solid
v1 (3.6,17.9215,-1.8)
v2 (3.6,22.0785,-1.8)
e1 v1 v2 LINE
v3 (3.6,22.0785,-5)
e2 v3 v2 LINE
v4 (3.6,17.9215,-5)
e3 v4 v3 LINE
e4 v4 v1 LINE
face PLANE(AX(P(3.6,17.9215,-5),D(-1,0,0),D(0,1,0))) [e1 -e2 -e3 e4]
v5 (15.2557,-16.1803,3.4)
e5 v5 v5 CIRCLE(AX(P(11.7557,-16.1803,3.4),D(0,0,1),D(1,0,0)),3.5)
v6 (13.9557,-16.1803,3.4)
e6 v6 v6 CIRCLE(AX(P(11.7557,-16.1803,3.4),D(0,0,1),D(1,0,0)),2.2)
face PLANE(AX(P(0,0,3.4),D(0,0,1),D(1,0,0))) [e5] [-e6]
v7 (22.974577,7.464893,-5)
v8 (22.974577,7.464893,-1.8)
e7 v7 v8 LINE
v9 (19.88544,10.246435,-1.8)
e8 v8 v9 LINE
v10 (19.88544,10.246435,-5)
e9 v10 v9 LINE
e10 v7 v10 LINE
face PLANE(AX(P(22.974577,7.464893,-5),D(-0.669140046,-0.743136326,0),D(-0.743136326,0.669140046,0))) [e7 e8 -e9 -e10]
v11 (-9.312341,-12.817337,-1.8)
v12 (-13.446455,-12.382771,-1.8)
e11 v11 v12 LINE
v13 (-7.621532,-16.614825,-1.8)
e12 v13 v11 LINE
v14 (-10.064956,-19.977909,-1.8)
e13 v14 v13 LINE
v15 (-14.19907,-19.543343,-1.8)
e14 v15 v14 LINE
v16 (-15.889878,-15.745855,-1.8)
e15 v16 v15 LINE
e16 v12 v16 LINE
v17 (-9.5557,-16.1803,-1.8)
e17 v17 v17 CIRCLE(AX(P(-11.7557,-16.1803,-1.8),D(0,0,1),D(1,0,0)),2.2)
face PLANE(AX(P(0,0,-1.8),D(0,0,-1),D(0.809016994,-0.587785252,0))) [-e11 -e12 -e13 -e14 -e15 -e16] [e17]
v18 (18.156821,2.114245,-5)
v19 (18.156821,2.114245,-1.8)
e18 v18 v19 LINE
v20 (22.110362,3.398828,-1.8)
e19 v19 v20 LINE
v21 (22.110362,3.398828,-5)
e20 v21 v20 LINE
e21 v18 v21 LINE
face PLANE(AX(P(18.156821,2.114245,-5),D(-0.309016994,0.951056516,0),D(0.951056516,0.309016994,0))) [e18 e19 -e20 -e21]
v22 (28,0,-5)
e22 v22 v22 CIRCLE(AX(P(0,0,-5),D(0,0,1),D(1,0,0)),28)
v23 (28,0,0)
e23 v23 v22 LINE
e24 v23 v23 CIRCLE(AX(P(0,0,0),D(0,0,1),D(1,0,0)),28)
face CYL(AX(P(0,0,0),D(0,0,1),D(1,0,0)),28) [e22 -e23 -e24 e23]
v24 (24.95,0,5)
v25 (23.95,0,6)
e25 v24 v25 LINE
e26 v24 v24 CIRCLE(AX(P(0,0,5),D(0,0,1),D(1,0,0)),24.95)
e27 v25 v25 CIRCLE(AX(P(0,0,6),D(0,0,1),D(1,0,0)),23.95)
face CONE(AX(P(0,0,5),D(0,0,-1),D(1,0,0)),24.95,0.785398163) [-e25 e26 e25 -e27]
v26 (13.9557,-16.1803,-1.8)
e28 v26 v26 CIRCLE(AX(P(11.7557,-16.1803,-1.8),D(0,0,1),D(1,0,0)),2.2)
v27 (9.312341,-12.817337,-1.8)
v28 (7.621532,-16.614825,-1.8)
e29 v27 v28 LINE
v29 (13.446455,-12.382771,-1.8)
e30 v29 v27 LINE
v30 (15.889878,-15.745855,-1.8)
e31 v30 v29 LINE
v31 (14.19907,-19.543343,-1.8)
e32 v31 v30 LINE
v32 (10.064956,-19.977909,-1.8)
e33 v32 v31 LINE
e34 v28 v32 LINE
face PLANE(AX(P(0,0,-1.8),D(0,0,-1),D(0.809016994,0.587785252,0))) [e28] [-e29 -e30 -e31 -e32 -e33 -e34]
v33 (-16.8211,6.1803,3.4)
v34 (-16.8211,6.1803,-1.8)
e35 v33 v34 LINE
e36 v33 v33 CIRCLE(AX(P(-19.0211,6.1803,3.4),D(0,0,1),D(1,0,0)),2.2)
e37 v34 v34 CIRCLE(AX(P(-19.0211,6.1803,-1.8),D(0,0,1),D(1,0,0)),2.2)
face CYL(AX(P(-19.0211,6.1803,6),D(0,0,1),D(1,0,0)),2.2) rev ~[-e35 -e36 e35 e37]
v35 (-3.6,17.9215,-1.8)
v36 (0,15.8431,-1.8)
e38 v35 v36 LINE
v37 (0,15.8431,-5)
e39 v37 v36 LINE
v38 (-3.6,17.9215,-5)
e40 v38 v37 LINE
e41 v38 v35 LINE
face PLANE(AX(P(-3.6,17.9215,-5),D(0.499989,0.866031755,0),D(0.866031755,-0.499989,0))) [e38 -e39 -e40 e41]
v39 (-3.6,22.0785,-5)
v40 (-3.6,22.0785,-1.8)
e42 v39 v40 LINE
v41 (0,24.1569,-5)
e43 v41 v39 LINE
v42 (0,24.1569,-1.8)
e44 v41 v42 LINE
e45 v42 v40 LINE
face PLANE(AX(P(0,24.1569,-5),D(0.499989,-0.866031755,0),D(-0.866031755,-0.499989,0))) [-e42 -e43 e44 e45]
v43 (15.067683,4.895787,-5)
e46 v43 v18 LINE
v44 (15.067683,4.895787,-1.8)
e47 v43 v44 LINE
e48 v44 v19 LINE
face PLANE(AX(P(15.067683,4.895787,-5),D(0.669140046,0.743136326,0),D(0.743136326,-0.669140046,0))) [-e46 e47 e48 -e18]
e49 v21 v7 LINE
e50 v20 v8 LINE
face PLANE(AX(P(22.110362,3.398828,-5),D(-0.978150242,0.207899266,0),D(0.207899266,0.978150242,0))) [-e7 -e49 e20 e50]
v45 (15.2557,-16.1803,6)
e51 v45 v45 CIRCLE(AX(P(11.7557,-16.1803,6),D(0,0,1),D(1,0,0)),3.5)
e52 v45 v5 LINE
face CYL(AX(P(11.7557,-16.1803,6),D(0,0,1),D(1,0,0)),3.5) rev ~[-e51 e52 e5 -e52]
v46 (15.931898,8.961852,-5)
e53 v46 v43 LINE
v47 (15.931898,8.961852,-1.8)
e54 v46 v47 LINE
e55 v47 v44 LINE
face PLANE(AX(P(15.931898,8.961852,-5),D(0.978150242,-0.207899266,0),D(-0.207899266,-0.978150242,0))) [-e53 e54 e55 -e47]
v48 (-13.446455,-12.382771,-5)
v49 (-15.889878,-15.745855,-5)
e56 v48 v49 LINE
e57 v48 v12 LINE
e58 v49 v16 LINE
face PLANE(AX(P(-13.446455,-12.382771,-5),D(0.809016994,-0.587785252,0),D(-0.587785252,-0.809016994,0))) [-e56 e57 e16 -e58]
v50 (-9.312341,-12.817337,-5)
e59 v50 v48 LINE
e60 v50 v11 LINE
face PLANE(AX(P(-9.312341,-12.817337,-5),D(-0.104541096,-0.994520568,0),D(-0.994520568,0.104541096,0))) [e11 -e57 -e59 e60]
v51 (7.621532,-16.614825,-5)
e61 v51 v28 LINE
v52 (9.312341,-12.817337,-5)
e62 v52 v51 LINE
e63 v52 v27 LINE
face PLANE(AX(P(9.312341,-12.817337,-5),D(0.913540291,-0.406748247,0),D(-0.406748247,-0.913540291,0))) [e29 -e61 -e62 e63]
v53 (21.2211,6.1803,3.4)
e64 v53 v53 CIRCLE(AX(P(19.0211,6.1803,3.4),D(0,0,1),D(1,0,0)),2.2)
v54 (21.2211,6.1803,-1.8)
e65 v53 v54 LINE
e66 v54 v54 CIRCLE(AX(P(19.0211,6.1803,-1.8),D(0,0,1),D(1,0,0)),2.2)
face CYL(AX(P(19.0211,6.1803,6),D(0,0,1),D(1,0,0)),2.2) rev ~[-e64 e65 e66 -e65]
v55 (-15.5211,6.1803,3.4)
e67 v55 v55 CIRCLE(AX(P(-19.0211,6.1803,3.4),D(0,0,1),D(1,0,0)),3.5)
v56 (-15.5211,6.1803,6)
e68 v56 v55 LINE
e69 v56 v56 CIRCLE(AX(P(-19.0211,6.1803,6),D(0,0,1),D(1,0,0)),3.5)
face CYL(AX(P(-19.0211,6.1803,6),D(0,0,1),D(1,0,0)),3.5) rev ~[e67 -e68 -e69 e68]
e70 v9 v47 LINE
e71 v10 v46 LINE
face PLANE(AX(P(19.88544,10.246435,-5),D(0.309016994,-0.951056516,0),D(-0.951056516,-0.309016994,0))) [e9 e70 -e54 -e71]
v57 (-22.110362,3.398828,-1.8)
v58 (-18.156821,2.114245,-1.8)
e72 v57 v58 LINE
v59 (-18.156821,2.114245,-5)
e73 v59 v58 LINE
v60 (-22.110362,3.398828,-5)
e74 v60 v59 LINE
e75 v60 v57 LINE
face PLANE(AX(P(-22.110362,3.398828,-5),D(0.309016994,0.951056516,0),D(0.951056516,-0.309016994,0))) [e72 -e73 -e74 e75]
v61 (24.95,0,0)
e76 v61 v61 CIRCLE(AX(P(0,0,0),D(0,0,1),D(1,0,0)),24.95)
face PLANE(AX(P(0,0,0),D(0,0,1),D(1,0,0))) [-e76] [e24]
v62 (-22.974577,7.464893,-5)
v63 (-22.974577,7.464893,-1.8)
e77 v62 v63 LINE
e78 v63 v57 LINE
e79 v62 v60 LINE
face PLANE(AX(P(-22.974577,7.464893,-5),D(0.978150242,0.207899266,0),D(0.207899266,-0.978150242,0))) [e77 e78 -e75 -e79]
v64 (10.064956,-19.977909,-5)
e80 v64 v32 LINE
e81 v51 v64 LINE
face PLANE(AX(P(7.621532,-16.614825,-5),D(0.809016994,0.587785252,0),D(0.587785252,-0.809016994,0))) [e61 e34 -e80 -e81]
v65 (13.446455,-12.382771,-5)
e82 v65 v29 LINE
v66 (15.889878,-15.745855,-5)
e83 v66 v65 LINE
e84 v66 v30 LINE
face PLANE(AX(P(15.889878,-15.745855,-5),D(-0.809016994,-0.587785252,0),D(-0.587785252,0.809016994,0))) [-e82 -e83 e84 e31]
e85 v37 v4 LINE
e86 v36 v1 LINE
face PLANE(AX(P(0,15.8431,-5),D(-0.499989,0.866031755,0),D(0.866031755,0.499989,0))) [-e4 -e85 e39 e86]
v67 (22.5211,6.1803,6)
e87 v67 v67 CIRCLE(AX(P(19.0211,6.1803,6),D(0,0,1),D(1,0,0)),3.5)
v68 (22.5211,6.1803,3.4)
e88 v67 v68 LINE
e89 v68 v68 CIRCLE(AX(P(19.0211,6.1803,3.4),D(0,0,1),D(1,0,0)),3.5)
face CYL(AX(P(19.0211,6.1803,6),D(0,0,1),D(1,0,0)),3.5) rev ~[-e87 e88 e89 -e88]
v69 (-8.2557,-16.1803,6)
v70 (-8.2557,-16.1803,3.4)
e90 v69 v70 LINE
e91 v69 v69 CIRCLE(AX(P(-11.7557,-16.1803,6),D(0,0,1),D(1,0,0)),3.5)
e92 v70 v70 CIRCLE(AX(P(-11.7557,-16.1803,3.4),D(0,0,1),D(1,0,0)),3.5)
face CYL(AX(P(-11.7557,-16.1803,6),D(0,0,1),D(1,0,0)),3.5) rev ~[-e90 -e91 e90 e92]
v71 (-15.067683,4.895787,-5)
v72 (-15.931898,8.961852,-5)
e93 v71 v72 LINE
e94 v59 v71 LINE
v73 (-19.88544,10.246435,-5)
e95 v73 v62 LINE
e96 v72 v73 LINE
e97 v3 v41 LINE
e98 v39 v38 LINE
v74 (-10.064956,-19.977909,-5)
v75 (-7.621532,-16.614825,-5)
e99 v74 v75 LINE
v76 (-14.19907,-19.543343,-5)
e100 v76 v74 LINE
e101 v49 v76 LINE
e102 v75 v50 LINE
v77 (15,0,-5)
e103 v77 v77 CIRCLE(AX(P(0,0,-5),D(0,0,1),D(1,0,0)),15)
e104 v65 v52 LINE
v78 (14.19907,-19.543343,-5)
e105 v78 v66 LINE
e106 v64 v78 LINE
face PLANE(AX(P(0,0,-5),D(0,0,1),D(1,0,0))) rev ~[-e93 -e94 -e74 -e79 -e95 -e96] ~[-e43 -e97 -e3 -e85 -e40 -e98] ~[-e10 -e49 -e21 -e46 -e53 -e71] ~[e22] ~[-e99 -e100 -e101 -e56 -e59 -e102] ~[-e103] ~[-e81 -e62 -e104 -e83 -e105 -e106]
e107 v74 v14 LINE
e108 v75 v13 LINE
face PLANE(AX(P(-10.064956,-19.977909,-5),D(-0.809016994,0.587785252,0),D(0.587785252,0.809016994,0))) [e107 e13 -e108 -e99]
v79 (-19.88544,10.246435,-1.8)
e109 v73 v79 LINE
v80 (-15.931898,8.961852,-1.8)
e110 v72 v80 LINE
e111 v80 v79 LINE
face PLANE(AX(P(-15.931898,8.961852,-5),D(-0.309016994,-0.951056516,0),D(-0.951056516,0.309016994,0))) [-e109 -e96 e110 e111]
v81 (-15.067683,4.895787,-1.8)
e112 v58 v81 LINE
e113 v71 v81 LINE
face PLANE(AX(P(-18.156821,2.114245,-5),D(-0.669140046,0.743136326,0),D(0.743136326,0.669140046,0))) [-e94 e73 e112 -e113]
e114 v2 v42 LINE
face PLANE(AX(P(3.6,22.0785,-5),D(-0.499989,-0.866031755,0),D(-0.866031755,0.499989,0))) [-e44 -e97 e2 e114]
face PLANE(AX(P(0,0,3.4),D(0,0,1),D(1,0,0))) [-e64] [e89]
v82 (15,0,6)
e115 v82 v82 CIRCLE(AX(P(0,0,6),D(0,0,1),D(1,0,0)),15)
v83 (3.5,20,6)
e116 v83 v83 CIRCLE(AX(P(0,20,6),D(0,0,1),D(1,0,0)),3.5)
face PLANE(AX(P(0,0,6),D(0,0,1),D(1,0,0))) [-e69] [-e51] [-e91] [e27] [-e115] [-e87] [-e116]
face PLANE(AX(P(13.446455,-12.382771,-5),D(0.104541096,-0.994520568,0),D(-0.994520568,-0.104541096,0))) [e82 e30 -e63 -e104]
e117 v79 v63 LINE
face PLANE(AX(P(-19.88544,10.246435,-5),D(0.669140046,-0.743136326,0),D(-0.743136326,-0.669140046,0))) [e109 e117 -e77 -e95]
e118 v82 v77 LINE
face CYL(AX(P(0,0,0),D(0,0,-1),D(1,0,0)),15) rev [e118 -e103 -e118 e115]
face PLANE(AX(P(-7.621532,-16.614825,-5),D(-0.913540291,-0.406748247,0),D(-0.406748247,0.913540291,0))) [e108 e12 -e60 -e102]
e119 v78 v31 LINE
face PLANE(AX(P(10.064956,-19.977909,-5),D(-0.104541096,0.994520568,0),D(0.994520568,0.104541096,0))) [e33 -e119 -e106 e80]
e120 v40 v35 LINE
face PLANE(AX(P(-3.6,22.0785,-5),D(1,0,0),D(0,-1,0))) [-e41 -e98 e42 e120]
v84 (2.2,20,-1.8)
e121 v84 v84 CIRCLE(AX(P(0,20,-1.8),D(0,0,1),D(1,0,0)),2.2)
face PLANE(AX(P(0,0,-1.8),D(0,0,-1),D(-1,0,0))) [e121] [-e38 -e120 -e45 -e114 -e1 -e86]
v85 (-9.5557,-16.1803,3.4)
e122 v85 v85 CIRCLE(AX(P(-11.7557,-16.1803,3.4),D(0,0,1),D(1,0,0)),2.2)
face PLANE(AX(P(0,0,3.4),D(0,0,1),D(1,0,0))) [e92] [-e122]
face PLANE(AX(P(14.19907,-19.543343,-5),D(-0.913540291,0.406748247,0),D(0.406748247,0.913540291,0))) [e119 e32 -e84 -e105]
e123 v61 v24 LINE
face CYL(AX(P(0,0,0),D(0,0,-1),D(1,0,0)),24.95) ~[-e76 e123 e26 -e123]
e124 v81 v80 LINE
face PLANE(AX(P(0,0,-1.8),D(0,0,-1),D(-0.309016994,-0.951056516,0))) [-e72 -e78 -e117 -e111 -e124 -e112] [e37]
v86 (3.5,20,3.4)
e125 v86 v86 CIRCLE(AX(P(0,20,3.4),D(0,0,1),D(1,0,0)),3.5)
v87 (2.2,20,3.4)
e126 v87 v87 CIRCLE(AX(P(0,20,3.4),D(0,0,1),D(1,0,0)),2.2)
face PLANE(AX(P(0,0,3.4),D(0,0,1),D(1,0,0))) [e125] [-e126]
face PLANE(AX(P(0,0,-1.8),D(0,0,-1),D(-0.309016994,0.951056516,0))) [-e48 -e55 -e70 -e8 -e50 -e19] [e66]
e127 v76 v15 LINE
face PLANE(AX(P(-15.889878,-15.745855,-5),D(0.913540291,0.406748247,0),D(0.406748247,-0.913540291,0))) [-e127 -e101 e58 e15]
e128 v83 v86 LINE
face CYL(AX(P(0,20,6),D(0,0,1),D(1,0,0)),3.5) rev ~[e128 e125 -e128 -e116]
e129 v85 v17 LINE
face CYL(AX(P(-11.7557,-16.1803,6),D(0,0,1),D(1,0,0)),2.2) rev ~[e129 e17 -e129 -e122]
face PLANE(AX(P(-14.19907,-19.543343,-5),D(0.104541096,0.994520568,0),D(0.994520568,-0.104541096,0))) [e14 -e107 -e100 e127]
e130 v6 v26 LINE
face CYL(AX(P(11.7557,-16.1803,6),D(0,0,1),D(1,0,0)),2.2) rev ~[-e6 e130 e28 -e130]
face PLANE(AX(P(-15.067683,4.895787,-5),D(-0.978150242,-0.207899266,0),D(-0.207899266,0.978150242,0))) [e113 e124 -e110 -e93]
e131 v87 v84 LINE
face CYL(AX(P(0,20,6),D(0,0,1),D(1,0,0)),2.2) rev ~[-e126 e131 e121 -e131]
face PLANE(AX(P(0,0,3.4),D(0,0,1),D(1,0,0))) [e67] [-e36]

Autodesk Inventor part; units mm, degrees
ref_plane "YZ Plane" through (0, 0, 0) normal (1, 0, 0) x (0, 1, 0)
ref_plane "XZ Plane" through (0, 0, 0) normal (0, 1, 0) x (-1, 0, 0)
ref_plane "XY Plane" through (0, 0, 0) normal (0, 0, 1) x (1, 0, 0)
sketch "스케치1" plane through (0, 0, 0) normal (0, 0, 1) x (1, 0, 0)
  circle A0 centre (0, 0) radius 24.95
  circle A1 centre (0, 0) radius 28
  circle A2 centre (0, 0) radius 15
  dimension "d0" = 49.9
  dimension "d1" = 56
  dimension "d2" = 30
extrude "돌출1" add sketch "스케치1" along normal blind 6 contours A0
extrude "돌출2" add sketch "스케치1" against normal blind 5 contours A0 | A1
sketch "스케치3" plane through (0, 0, 6) normal (0, 0, 1) x (1, 0, 0)
  circle A0 centre (0, 0) radius 20 construction
  circle A1 centre (0, 20) radius 2.2
  circle A2 centre (-19.0211, 6.1803) radius 2.2
  circle A3 centre (-11.7557, -16.1803) radius 2.2
  circle A4 centre (11.7557, -16.1803) radius 2.2
  circle A5 centre (19.0211, 6.1803) radius 2.2
  dimension "d9" = 40
  dimension "d10" = 4.4
  dimension "d13" = 360
extrude "돌출3" cut sketch "스케치3" against normal blind 44.5
sketch "스케치4" plane through (0, 0, -5) normal (0, 0, -1) x (-1, 0, 0)
  circle A0 centre (0, 20) radius 2.2 projected
  line L0 (0, 15.8431) -> (-3.6, 17.9215)
  line L1 (-3.6, 17.9215) -> (-3.6, 22.0785)
  line L2 (-3.6, 22.0785) -> (0, 24.1569)
  line L3 (0, 24.1569) -> (3.6, 22.0785)
  line L4 (3.6, 22.0785) -> (3.6, 17.9215)
  line L5 (3.6, 17.9215) -> (0, 15.8431)
  point P0 (0, 0)
  dimension "d19" = 7.2
extrude "돌출4" cut sketch "스케치4" against normal blind 3.2 contours A0 | L0 L1 L2 L3 L4 L5
pattern_circular "원형 패턴1" count 5 over 360 about axis through (0, 0, 0) along (0, 0, 1) of "돌출4"
sketch "스케치6" plane through (0, 0, 6) normal (0, 0, 1) x (1, 0, 0)
  circle A0 centre (0, 20) radius 2.2 projected
  circle A1 centre (0, 20) radius 3.5
  circle A2 centre (-19.0211, 6.1803) radius 3.5
  circle A3 centre (-11.7557, -16.1803) radius 3.5
  circle A4 centre (11.7557, -16.1803) radius 3.5
  circle A5 centre (19.0211, 6.1803) radius 3.5
  point P0 (0, 0)
  dimension "d26" = 7
  dimension "d29" = 360
extrude "돌출5" cut sketch "스케치6" against normal blind 2.6 contours A0 | A1 | A2 | A3 | A4 | A5
chamfer "모따기2" distance 1 angle 45 1 edges at (-24.95, 0, 6)
properties part number "사이클로이드 기어 축 연결 하우징"
